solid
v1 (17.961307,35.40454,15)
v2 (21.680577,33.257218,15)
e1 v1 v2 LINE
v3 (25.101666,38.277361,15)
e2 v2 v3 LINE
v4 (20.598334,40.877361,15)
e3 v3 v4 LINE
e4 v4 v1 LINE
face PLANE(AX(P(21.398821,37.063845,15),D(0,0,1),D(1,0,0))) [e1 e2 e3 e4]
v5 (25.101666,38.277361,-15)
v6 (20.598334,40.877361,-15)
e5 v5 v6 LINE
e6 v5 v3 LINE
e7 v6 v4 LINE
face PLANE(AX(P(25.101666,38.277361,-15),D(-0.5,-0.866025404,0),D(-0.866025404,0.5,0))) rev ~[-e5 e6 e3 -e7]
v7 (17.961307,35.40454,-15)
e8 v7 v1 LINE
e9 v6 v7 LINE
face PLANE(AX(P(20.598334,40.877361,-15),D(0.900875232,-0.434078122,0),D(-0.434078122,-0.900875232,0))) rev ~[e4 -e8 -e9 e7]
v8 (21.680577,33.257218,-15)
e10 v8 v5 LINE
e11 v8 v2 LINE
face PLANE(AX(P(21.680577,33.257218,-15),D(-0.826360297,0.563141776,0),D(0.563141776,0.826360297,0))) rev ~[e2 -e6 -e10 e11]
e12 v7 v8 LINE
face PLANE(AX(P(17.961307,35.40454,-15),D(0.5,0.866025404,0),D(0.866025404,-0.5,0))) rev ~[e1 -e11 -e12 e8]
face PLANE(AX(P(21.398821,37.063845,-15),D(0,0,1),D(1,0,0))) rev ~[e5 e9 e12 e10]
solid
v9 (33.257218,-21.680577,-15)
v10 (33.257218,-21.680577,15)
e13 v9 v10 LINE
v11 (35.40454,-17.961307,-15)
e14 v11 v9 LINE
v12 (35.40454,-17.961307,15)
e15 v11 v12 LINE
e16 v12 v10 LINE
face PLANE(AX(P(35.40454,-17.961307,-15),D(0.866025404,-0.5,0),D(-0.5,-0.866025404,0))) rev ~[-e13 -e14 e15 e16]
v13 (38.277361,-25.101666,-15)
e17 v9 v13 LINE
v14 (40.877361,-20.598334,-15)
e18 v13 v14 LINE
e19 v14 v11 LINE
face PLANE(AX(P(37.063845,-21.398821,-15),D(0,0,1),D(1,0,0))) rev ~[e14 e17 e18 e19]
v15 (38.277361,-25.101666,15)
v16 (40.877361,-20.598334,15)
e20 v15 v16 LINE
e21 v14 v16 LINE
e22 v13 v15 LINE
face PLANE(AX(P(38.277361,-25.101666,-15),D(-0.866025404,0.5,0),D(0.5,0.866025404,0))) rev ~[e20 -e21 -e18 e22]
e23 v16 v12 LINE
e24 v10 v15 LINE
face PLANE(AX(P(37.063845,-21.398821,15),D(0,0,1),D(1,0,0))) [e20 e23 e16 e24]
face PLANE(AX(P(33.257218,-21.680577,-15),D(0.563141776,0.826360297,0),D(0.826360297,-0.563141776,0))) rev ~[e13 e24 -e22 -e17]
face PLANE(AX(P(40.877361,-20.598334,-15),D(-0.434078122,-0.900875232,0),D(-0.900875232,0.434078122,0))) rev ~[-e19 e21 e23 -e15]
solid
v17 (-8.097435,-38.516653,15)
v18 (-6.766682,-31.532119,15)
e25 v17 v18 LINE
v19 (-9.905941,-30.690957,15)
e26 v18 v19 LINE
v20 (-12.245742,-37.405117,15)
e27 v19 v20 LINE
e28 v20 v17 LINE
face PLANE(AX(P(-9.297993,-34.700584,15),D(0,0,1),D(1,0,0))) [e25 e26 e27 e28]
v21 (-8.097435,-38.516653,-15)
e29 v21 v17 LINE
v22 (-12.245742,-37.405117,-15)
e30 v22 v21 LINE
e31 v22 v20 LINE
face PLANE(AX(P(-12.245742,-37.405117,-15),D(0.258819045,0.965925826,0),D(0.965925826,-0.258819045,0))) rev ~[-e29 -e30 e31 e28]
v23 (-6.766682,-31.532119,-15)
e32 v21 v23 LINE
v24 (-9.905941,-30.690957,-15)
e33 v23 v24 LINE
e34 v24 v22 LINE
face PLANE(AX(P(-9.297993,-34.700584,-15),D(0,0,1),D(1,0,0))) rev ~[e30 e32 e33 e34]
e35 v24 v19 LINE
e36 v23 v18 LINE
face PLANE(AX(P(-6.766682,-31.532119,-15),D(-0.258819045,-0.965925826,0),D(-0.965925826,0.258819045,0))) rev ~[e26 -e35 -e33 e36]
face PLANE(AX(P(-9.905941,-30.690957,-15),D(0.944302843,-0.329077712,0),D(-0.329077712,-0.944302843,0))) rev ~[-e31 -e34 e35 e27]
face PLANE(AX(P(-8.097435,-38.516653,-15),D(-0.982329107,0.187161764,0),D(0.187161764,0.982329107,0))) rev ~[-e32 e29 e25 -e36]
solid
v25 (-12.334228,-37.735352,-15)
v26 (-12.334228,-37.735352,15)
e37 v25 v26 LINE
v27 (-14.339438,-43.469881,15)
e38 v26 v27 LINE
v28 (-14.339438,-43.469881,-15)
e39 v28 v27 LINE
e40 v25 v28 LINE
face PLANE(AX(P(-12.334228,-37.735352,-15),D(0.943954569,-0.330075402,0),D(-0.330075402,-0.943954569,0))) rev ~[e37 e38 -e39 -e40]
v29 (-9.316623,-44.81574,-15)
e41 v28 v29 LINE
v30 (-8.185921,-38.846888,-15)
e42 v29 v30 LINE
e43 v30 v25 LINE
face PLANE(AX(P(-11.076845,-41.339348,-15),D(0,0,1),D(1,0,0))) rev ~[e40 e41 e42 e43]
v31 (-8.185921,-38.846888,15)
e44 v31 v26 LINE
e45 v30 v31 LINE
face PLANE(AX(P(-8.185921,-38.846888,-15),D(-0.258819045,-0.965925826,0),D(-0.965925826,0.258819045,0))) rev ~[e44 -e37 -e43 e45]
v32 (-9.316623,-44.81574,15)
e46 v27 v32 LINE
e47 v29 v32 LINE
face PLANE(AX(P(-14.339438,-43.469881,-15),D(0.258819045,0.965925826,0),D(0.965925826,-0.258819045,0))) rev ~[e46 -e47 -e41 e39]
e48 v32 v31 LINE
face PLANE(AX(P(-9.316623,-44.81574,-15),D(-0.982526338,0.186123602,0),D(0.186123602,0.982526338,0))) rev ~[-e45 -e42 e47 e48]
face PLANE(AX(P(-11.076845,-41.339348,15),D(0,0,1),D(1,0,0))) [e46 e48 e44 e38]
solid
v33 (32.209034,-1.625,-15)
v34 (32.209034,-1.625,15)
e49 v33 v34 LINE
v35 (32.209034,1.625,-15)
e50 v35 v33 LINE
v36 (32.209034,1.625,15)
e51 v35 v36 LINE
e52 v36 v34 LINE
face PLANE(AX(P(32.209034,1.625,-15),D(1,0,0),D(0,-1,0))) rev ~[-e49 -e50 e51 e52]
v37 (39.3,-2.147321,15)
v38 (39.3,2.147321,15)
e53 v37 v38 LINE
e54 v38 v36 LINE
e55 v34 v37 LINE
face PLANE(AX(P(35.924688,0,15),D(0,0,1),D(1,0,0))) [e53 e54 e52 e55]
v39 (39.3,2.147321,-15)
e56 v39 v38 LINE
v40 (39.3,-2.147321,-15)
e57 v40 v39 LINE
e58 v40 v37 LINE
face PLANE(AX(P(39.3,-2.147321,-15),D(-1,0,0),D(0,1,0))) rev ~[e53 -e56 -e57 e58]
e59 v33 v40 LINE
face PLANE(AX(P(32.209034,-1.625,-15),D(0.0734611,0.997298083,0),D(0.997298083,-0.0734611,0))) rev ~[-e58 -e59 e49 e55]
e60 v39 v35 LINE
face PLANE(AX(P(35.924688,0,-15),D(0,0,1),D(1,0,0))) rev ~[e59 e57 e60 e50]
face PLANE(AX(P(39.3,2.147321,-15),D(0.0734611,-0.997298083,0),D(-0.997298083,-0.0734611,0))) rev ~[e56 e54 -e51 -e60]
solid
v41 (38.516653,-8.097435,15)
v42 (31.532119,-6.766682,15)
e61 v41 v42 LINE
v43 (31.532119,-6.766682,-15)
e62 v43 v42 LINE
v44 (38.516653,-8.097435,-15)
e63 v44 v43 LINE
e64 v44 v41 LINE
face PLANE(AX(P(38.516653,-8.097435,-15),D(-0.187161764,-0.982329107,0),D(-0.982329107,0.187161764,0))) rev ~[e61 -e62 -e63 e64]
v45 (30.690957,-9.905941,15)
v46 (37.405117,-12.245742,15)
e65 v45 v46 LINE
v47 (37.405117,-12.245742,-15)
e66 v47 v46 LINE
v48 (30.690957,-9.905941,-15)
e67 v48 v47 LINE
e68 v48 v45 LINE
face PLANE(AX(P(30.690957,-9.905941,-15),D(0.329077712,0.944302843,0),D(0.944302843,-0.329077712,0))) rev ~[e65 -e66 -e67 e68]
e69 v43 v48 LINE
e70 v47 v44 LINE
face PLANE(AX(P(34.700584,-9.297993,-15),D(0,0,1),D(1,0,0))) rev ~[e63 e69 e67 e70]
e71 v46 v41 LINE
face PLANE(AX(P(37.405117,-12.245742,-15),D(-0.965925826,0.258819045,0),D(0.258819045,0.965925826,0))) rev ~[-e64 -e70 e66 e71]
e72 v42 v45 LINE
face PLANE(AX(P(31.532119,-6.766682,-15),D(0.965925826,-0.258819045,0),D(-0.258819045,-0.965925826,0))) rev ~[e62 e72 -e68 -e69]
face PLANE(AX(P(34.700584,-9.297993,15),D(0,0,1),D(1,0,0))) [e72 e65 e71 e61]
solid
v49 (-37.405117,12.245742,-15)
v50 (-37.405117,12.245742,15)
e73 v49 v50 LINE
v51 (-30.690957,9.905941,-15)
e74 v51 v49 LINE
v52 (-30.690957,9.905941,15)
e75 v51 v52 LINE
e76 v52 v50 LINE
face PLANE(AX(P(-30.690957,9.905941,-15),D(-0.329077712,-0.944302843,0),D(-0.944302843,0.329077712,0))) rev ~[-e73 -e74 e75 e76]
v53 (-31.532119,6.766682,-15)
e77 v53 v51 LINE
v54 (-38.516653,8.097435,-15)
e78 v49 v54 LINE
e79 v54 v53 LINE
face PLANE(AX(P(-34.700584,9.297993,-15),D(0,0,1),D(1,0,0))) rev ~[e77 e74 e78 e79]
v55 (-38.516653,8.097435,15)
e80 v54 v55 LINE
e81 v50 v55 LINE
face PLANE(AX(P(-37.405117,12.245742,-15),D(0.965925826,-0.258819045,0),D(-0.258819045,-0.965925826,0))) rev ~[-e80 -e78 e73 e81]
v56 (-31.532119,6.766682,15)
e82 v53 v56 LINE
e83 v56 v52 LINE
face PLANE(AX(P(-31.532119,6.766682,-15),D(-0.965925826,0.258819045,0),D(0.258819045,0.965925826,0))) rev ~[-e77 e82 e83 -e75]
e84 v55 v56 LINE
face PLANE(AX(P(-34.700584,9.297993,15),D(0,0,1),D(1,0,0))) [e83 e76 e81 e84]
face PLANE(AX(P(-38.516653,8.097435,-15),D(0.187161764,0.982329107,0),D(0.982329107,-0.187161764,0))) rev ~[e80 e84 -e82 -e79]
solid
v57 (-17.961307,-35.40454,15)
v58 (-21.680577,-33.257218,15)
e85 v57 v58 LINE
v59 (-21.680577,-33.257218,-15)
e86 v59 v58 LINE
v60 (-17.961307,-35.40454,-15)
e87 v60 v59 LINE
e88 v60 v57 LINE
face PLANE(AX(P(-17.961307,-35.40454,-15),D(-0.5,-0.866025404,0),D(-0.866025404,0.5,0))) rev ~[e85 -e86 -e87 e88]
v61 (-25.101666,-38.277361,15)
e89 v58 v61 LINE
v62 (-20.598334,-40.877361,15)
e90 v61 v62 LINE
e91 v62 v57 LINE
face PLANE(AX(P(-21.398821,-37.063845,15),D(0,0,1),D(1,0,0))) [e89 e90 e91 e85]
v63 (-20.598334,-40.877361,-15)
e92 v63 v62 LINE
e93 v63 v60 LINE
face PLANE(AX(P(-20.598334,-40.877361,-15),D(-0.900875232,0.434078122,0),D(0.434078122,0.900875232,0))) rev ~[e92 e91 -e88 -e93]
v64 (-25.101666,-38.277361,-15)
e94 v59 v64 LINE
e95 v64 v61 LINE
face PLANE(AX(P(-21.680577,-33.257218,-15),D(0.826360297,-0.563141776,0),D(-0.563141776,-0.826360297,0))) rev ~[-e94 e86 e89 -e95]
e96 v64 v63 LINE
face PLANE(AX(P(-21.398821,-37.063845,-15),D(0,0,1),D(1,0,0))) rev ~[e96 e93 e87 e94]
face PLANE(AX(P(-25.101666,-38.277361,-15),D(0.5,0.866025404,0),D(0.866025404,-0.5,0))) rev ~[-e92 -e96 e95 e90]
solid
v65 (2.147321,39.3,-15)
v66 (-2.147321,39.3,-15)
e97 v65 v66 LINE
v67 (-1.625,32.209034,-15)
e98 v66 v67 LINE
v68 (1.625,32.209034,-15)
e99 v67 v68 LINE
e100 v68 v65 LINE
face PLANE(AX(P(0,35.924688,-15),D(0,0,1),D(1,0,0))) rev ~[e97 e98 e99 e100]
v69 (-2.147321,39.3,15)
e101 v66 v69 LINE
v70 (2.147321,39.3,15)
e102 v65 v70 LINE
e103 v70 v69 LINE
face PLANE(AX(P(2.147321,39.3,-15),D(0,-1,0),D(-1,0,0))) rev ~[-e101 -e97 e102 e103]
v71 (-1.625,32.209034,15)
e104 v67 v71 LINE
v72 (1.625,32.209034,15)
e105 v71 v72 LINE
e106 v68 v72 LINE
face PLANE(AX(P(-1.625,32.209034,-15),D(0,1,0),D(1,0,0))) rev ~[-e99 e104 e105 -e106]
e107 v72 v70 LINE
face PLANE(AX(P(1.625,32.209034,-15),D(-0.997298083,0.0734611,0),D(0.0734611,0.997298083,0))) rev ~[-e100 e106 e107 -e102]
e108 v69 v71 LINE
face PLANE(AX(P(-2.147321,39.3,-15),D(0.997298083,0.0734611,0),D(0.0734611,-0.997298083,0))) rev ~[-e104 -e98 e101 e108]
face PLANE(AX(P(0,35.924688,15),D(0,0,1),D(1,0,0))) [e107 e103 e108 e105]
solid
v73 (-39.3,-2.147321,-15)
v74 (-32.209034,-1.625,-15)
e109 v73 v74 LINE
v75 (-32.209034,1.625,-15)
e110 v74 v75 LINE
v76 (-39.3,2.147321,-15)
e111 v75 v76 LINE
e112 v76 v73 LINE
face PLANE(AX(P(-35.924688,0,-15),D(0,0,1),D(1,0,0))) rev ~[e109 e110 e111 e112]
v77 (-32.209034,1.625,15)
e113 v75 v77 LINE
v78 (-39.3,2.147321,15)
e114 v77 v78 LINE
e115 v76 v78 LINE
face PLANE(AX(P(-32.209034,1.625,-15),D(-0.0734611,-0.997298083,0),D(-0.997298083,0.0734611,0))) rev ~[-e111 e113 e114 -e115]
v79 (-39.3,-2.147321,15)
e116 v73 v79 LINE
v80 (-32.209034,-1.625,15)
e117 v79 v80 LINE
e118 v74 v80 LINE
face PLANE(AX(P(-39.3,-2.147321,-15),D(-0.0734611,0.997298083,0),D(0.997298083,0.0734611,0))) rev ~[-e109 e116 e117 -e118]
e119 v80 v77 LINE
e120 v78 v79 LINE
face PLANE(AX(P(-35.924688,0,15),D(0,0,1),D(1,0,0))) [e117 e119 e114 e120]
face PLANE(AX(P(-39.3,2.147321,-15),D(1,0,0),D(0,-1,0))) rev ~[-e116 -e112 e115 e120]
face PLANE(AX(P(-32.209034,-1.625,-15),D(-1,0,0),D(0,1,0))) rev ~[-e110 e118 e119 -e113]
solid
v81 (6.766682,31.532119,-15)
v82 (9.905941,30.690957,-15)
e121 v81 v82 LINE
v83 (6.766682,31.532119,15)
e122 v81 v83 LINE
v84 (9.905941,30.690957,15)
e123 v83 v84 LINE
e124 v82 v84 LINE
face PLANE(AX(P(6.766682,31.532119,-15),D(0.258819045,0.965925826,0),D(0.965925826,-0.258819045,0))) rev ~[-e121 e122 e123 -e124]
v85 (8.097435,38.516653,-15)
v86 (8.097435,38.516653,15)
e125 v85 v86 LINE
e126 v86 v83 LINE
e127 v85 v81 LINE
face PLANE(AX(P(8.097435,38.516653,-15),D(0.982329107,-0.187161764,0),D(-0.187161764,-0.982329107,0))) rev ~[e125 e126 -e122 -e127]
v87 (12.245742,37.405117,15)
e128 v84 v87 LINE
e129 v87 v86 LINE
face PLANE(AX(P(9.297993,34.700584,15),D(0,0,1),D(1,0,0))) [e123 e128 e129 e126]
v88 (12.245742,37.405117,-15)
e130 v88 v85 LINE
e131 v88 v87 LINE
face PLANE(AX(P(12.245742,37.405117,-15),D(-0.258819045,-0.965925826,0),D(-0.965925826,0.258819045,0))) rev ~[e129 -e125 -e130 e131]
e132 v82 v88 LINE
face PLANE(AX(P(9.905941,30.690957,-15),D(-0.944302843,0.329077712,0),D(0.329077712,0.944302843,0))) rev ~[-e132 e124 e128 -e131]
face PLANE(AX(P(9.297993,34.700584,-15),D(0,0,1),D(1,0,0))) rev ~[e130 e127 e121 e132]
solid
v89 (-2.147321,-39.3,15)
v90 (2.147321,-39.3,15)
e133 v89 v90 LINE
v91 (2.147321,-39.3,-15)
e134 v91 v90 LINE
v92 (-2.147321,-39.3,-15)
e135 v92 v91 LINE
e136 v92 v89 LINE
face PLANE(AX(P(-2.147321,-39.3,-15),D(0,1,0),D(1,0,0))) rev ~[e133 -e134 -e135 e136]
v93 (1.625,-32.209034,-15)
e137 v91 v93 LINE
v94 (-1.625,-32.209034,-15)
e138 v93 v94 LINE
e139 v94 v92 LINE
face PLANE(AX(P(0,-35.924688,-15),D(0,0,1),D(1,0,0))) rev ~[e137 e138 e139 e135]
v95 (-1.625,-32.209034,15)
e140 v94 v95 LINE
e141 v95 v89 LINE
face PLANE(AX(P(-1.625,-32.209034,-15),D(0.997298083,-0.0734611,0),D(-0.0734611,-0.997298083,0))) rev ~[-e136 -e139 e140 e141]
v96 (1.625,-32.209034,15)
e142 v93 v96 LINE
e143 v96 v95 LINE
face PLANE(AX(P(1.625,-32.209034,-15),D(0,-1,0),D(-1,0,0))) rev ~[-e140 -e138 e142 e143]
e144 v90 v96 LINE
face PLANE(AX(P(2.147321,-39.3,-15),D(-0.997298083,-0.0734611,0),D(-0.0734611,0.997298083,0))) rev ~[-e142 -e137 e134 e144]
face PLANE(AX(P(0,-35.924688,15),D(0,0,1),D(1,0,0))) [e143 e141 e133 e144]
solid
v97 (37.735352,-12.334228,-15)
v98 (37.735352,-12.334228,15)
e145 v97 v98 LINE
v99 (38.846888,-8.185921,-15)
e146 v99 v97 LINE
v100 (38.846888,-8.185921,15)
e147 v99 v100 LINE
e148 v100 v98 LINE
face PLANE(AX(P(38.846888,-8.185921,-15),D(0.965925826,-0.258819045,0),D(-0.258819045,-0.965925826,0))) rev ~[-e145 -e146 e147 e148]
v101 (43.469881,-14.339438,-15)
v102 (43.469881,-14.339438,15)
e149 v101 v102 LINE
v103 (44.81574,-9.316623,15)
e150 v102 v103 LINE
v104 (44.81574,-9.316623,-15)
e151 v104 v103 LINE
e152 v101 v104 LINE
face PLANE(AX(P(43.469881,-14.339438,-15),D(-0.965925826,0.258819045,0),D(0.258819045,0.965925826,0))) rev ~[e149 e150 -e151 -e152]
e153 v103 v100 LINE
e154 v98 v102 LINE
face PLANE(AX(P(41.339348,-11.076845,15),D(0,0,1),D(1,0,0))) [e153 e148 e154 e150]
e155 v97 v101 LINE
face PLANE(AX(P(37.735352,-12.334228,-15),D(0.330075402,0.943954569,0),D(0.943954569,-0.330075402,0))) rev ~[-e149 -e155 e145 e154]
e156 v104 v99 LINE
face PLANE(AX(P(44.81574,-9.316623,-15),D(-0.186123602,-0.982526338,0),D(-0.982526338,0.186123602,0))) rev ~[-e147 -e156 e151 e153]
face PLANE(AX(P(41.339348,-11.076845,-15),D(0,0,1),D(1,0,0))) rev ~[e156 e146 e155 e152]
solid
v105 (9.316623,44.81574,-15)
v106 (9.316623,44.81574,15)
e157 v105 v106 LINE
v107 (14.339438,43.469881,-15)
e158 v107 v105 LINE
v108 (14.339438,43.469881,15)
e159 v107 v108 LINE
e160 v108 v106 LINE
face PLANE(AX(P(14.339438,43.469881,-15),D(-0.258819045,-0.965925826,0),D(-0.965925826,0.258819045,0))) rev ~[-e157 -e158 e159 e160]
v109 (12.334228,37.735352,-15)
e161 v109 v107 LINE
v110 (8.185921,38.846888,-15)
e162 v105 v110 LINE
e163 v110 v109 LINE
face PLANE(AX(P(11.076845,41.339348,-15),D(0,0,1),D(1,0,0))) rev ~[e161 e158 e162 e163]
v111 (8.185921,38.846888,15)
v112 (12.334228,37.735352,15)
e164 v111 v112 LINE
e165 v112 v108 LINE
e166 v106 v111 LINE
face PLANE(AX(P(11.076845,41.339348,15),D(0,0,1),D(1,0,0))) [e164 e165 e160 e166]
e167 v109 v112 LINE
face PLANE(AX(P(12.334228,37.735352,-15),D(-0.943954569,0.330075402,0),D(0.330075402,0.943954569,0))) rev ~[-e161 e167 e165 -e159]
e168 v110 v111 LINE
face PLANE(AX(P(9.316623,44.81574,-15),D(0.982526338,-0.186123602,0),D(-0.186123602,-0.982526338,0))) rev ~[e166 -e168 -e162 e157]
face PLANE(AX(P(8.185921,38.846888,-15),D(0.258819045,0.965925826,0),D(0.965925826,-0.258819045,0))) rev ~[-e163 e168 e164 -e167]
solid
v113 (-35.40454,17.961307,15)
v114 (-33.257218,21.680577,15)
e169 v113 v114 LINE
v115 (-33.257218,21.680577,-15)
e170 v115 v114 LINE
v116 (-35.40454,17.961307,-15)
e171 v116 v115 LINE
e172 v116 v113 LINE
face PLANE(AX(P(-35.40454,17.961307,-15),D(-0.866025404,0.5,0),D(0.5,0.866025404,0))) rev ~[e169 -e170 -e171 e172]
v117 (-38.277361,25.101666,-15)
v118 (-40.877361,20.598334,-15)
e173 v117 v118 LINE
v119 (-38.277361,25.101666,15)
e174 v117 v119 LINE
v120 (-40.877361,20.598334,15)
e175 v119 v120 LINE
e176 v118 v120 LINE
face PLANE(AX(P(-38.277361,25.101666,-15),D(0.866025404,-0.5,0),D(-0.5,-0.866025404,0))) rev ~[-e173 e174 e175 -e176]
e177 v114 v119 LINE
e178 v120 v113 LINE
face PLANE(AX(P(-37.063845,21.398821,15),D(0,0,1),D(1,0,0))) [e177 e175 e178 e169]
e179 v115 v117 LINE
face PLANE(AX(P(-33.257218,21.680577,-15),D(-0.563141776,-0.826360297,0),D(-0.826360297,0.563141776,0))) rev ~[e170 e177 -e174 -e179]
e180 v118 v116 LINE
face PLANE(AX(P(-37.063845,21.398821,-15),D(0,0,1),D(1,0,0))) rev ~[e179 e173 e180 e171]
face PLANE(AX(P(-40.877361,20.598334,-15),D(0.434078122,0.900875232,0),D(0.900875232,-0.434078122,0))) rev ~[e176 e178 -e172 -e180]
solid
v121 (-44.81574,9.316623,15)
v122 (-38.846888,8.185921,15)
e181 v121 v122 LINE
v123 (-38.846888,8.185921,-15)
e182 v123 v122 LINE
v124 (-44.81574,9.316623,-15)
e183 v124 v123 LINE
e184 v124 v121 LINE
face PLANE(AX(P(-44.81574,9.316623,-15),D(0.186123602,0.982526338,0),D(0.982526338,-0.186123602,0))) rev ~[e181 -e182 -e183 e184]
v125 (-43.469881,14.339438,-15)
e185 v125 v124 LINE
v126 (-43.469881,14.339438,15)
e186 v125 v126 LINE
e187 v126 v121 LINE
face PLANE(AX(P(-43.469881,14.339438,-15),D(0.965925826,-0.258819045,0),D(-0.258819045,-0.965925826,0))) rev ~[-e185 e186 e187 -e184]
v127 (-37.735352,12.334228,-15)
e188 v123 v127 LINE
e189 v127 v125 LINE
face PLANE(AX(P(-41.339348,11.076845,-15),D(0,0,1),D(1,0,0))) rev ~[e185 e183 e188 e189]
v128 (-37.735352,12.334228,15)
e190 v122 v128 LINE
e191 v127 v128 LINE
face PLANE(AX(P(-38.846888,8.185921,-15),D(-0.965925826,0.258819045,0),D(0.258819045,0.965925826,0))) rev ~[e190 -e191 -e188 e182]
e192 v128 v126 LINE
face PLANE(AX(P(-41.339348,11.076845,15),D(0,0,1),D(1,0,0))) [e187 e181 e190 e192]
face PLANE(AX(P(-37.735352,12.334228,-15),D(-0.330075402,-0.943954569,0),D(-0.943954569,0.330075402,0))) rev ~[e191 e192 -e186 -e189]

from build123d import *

# Parameters (mm, degrees)
COIL_SIDES_START    = -15
COIL_SIDES_DEPTH    = 30
COIL_SIDES_2_DEPTH  = 30
COIL_SIDES_3_DEPTH  = 30
COIL_SIDES_4_DEPTH  = 30
COIL_SIDES_5_DEPTH  = 30
COIL_SIDES_6_DEPTH  = 30
COIL_SIDES_7_DEPTH  = 30
COIL_SIDES_8_DEPTH  = 30
COIL_SIDES_9_DEPTH  = 30
COIL_SIDES_10_DEPTH = 30
COIL_SIDES_11_DEPTH = 30
COIL_SIDES_12_DEPTH = 30
COIL_SIDES_13_DEPTH = 30
COIL_SIDES_14_DEPTH = 30
COIL_SIDES_15_DEPTH = 30
COIL_SIDES_16_DEPTH = 30


with BuildPart() as part:
    # Эскиз1 → Coil_sides (new body)
    with BuildSketch(Plane.XY.offset(COIL_SIDES_START)):
        Polygon((32.209034059, -1.625), (39.3, -2.147321429), (39.3, 2.147321429), (32.209034059, 1.625), align=None)
    extrude(amount=COIL_SIDES_DEPTH)


with BuildPart() as body_2:
    # Эскиз1 → Coil_sides 2 (new body)
    with BuildSketch(Plane.XY.offset(COIL_SIDES_START)):
        Polygon((21.680577182, 33.25721836), (25.10166605, 38.277360953), (20.59833395, 40.877360953), (17.961307368, 35.404539789), align=None)
    extrude(amount=COIL_SIDES_2_DEPTH)


with BuildPart() as body_3:
    # Эскиз1 → Coil_sides 3 (new body)
    with BuildSketch(Plane.XY.offset(COIL_SIDES_START)):
        Polygon((9.905940906, 30.690956889), (12.245741698, 37.405117291), (8.097435247, 38.516652655), (6.766681971, 31.532118785), align=None)
    extrude(amount=COIL_SIDES_3_DEPTH)


with BuildPart() as body_4:
    # Эскиз1 → Coil_sides 4 (new body)
    with BuildSketch(Plane.XY.offset(COIL_SIDES_START)):
        Polygon((12.334227931, 37.735352408), (14.33943751, 43.469880744), (9.316623213, 44.815739779), (8.18592148, 38.846887771), align=None)
    extrude(amount=COIL_SIDES_4_DEPTH)


with BuildPart() as body_5:
    # Эскиз1 → Coil_sides 5 (new body)
    with BuildSketch(Plane.XY.offset(COIL_SIDES_START)):
        Polygon((1.625, 32.209034059), (2.147321429, 39.3), (-2.147321429, 39.3), (-1.625, 32.209034059), align=None)
    extrude(amount=COIL_SIDES_5_DEPTH)


with BuildPart() as body_6:
    # Эскиз1 → Coil_sides 6 (new body)
    with BuildSketch(Plane.XY.offset(COIL_SIDES_START)):
        Polygon((-33.25721836, 21.680577182), (-38.277360953, 25.10166605), (-40.877360953, 20.59833395), (-35.404539789, 17.961307368), align=None)
    extrude(amount=COIL_SIDES_6_DEPTH)


with BuildPart() as body_7:
    # Эскиз1 → Coil_sides 7 (new body)
    with BuildSketch(Plane.XY.offset(COIL_SIDES_START)):
        Polygon((-30.690956889, 9.905940906), (-37.405117291, 12.245741698), (-38.516652655, 8.097435247), (-31.532118785, 6.766681971), align=None)
    extrude(amount=COIL_SIDES_7_DEPTH)


with BuildPart() as body_8:
    # Эскиз1 → Coil_sides 8 (new body)
    with BuildSketch(Plane.XY.offset(COIL_SIDES_START)):
        Polygon((-37.735352408, 12.334227931), (-43.469880744, 14.33943751), (-44.815739779, 9.316623213), (-38.846887771, 8.18592148), align=None)
    extrude(amount=COIL_SIDES_8_DEPTH)


with BuildPart() as body_9:
    # Эскиз1 → Coil_sides 9 (new body)
    with BuildSketch(Plane.XY.offset(COIL_SIDES_START)):
        Polygon((-32.209034059, 1.625), (-39.3, 2.147321429), (-39.3, -2.147321429), (-32.209034059, -1.625), align=None)
    extrude(amount=COIL_SIDES_9_DEPTH)


with BuildPart() as body_10:
    # Эскиз1 → Coil_sides 10 (new body)
    with BuildSketch(Plane.XY.offset(COIL_SIDES_START)):
        Polygon((-21.680577182, -33.25721836), (-25.10166605, -38.277360953), (-20.59833395, -40.877360953), (-17.961307368, -35.404539789), align=None)
    extrude(amount=COIL_SIDES_10_DEPTH)


with BuildPart() as body_11:
    # Эскиз1 → Coil_sides 11 (new body)
    with BuildSketch(Plane.XY.offset(COIL_SIDES_START)):
        Polygon((-9.905940906, -30.690956889), (-12.245741698, -37.405117291), (-8.097435247, -38.516652655), (-6.766681971, -31.532118785), align=None)
    extrude(amount=COIL_SIDES_11_DEPTH)


with BuildPart() as body_12:
    # Эскиз1 → Coil_sides 12 (new body)
    with BuildSketch(Plane.XY.offset(COIL_SIDES_START)):
        Polygon((-12.334227931, -37.735352408), (-14.33943751, -43.469880744), (-9.316623213, -44.815739779), (-8.18592148, -38.846887771), align=None)
    extrude(amount=COIL_SIDES_12_DEPTH)


with BuildPart() as body_13:
    # Эскиз1 → Coil_sides 13 (new body)
    with BuildSketch(Plane.XY.offset(COIL_SIDES_START)):
        Polygon((-1.625, -32.209034059), (-2.147321429, -39.3), (2.147321429, -39.3), (1.625, -32.209034059), align=None)
    extrude(amount=COIL_SIDES_13_DEPTH)


with BuildPart() as body_14:
    # Эскиз1 → Coil_sides 14 (new body)
    with BuildSketch(Plane.XY.offset(COIL_SIDES_START)):
        Polygon((33.25721836, -21.680577182), (38.277360953, -25.10166605), (40.877360953, -20.59833395), (35.404539789, -17.961307368), align=None)
    extrude(amount=COIL_SIDES_14_DEPTH)


with BuildPart() as body_15:
    # Эскиз1 → Coil_sides 15 (new body)
    with BuildSketch(Plane.XY.offset(COIL_SIDES_START)):
        Polygon((30.690956889, -9.905940906), (37.405117291, -12.245741698), (38.516652655, -8.097435247), (31.532118785, -6.766681971), align=None)
    extrude(amount=COIL_SIDES_15_DEPTH)


with BuildPart() as body_16:
    # Эскиз1 → Coil_sides 16 (new body)
    with BuildSketch(Plane.XY.offset(COIL_SIDES_START)):
        Polygon((37.735352408, -12.334227931), (43.469880744, -14.33943751), (44.815739779, -9.316623213), (38.846887771, -8.18592148), align=None)
    extrude(amount=COIL_SIDES_16_DEPTH)


solid = Compound([part.part, body_2.part, body_3.part, body_4.part, body_5.part, body_6.part, body_7.part, body_8.part, body_9.part, body_10.part, body_11.part, body_12.part, body_13.part, body_14.part, body_15.part, body_16.part])
